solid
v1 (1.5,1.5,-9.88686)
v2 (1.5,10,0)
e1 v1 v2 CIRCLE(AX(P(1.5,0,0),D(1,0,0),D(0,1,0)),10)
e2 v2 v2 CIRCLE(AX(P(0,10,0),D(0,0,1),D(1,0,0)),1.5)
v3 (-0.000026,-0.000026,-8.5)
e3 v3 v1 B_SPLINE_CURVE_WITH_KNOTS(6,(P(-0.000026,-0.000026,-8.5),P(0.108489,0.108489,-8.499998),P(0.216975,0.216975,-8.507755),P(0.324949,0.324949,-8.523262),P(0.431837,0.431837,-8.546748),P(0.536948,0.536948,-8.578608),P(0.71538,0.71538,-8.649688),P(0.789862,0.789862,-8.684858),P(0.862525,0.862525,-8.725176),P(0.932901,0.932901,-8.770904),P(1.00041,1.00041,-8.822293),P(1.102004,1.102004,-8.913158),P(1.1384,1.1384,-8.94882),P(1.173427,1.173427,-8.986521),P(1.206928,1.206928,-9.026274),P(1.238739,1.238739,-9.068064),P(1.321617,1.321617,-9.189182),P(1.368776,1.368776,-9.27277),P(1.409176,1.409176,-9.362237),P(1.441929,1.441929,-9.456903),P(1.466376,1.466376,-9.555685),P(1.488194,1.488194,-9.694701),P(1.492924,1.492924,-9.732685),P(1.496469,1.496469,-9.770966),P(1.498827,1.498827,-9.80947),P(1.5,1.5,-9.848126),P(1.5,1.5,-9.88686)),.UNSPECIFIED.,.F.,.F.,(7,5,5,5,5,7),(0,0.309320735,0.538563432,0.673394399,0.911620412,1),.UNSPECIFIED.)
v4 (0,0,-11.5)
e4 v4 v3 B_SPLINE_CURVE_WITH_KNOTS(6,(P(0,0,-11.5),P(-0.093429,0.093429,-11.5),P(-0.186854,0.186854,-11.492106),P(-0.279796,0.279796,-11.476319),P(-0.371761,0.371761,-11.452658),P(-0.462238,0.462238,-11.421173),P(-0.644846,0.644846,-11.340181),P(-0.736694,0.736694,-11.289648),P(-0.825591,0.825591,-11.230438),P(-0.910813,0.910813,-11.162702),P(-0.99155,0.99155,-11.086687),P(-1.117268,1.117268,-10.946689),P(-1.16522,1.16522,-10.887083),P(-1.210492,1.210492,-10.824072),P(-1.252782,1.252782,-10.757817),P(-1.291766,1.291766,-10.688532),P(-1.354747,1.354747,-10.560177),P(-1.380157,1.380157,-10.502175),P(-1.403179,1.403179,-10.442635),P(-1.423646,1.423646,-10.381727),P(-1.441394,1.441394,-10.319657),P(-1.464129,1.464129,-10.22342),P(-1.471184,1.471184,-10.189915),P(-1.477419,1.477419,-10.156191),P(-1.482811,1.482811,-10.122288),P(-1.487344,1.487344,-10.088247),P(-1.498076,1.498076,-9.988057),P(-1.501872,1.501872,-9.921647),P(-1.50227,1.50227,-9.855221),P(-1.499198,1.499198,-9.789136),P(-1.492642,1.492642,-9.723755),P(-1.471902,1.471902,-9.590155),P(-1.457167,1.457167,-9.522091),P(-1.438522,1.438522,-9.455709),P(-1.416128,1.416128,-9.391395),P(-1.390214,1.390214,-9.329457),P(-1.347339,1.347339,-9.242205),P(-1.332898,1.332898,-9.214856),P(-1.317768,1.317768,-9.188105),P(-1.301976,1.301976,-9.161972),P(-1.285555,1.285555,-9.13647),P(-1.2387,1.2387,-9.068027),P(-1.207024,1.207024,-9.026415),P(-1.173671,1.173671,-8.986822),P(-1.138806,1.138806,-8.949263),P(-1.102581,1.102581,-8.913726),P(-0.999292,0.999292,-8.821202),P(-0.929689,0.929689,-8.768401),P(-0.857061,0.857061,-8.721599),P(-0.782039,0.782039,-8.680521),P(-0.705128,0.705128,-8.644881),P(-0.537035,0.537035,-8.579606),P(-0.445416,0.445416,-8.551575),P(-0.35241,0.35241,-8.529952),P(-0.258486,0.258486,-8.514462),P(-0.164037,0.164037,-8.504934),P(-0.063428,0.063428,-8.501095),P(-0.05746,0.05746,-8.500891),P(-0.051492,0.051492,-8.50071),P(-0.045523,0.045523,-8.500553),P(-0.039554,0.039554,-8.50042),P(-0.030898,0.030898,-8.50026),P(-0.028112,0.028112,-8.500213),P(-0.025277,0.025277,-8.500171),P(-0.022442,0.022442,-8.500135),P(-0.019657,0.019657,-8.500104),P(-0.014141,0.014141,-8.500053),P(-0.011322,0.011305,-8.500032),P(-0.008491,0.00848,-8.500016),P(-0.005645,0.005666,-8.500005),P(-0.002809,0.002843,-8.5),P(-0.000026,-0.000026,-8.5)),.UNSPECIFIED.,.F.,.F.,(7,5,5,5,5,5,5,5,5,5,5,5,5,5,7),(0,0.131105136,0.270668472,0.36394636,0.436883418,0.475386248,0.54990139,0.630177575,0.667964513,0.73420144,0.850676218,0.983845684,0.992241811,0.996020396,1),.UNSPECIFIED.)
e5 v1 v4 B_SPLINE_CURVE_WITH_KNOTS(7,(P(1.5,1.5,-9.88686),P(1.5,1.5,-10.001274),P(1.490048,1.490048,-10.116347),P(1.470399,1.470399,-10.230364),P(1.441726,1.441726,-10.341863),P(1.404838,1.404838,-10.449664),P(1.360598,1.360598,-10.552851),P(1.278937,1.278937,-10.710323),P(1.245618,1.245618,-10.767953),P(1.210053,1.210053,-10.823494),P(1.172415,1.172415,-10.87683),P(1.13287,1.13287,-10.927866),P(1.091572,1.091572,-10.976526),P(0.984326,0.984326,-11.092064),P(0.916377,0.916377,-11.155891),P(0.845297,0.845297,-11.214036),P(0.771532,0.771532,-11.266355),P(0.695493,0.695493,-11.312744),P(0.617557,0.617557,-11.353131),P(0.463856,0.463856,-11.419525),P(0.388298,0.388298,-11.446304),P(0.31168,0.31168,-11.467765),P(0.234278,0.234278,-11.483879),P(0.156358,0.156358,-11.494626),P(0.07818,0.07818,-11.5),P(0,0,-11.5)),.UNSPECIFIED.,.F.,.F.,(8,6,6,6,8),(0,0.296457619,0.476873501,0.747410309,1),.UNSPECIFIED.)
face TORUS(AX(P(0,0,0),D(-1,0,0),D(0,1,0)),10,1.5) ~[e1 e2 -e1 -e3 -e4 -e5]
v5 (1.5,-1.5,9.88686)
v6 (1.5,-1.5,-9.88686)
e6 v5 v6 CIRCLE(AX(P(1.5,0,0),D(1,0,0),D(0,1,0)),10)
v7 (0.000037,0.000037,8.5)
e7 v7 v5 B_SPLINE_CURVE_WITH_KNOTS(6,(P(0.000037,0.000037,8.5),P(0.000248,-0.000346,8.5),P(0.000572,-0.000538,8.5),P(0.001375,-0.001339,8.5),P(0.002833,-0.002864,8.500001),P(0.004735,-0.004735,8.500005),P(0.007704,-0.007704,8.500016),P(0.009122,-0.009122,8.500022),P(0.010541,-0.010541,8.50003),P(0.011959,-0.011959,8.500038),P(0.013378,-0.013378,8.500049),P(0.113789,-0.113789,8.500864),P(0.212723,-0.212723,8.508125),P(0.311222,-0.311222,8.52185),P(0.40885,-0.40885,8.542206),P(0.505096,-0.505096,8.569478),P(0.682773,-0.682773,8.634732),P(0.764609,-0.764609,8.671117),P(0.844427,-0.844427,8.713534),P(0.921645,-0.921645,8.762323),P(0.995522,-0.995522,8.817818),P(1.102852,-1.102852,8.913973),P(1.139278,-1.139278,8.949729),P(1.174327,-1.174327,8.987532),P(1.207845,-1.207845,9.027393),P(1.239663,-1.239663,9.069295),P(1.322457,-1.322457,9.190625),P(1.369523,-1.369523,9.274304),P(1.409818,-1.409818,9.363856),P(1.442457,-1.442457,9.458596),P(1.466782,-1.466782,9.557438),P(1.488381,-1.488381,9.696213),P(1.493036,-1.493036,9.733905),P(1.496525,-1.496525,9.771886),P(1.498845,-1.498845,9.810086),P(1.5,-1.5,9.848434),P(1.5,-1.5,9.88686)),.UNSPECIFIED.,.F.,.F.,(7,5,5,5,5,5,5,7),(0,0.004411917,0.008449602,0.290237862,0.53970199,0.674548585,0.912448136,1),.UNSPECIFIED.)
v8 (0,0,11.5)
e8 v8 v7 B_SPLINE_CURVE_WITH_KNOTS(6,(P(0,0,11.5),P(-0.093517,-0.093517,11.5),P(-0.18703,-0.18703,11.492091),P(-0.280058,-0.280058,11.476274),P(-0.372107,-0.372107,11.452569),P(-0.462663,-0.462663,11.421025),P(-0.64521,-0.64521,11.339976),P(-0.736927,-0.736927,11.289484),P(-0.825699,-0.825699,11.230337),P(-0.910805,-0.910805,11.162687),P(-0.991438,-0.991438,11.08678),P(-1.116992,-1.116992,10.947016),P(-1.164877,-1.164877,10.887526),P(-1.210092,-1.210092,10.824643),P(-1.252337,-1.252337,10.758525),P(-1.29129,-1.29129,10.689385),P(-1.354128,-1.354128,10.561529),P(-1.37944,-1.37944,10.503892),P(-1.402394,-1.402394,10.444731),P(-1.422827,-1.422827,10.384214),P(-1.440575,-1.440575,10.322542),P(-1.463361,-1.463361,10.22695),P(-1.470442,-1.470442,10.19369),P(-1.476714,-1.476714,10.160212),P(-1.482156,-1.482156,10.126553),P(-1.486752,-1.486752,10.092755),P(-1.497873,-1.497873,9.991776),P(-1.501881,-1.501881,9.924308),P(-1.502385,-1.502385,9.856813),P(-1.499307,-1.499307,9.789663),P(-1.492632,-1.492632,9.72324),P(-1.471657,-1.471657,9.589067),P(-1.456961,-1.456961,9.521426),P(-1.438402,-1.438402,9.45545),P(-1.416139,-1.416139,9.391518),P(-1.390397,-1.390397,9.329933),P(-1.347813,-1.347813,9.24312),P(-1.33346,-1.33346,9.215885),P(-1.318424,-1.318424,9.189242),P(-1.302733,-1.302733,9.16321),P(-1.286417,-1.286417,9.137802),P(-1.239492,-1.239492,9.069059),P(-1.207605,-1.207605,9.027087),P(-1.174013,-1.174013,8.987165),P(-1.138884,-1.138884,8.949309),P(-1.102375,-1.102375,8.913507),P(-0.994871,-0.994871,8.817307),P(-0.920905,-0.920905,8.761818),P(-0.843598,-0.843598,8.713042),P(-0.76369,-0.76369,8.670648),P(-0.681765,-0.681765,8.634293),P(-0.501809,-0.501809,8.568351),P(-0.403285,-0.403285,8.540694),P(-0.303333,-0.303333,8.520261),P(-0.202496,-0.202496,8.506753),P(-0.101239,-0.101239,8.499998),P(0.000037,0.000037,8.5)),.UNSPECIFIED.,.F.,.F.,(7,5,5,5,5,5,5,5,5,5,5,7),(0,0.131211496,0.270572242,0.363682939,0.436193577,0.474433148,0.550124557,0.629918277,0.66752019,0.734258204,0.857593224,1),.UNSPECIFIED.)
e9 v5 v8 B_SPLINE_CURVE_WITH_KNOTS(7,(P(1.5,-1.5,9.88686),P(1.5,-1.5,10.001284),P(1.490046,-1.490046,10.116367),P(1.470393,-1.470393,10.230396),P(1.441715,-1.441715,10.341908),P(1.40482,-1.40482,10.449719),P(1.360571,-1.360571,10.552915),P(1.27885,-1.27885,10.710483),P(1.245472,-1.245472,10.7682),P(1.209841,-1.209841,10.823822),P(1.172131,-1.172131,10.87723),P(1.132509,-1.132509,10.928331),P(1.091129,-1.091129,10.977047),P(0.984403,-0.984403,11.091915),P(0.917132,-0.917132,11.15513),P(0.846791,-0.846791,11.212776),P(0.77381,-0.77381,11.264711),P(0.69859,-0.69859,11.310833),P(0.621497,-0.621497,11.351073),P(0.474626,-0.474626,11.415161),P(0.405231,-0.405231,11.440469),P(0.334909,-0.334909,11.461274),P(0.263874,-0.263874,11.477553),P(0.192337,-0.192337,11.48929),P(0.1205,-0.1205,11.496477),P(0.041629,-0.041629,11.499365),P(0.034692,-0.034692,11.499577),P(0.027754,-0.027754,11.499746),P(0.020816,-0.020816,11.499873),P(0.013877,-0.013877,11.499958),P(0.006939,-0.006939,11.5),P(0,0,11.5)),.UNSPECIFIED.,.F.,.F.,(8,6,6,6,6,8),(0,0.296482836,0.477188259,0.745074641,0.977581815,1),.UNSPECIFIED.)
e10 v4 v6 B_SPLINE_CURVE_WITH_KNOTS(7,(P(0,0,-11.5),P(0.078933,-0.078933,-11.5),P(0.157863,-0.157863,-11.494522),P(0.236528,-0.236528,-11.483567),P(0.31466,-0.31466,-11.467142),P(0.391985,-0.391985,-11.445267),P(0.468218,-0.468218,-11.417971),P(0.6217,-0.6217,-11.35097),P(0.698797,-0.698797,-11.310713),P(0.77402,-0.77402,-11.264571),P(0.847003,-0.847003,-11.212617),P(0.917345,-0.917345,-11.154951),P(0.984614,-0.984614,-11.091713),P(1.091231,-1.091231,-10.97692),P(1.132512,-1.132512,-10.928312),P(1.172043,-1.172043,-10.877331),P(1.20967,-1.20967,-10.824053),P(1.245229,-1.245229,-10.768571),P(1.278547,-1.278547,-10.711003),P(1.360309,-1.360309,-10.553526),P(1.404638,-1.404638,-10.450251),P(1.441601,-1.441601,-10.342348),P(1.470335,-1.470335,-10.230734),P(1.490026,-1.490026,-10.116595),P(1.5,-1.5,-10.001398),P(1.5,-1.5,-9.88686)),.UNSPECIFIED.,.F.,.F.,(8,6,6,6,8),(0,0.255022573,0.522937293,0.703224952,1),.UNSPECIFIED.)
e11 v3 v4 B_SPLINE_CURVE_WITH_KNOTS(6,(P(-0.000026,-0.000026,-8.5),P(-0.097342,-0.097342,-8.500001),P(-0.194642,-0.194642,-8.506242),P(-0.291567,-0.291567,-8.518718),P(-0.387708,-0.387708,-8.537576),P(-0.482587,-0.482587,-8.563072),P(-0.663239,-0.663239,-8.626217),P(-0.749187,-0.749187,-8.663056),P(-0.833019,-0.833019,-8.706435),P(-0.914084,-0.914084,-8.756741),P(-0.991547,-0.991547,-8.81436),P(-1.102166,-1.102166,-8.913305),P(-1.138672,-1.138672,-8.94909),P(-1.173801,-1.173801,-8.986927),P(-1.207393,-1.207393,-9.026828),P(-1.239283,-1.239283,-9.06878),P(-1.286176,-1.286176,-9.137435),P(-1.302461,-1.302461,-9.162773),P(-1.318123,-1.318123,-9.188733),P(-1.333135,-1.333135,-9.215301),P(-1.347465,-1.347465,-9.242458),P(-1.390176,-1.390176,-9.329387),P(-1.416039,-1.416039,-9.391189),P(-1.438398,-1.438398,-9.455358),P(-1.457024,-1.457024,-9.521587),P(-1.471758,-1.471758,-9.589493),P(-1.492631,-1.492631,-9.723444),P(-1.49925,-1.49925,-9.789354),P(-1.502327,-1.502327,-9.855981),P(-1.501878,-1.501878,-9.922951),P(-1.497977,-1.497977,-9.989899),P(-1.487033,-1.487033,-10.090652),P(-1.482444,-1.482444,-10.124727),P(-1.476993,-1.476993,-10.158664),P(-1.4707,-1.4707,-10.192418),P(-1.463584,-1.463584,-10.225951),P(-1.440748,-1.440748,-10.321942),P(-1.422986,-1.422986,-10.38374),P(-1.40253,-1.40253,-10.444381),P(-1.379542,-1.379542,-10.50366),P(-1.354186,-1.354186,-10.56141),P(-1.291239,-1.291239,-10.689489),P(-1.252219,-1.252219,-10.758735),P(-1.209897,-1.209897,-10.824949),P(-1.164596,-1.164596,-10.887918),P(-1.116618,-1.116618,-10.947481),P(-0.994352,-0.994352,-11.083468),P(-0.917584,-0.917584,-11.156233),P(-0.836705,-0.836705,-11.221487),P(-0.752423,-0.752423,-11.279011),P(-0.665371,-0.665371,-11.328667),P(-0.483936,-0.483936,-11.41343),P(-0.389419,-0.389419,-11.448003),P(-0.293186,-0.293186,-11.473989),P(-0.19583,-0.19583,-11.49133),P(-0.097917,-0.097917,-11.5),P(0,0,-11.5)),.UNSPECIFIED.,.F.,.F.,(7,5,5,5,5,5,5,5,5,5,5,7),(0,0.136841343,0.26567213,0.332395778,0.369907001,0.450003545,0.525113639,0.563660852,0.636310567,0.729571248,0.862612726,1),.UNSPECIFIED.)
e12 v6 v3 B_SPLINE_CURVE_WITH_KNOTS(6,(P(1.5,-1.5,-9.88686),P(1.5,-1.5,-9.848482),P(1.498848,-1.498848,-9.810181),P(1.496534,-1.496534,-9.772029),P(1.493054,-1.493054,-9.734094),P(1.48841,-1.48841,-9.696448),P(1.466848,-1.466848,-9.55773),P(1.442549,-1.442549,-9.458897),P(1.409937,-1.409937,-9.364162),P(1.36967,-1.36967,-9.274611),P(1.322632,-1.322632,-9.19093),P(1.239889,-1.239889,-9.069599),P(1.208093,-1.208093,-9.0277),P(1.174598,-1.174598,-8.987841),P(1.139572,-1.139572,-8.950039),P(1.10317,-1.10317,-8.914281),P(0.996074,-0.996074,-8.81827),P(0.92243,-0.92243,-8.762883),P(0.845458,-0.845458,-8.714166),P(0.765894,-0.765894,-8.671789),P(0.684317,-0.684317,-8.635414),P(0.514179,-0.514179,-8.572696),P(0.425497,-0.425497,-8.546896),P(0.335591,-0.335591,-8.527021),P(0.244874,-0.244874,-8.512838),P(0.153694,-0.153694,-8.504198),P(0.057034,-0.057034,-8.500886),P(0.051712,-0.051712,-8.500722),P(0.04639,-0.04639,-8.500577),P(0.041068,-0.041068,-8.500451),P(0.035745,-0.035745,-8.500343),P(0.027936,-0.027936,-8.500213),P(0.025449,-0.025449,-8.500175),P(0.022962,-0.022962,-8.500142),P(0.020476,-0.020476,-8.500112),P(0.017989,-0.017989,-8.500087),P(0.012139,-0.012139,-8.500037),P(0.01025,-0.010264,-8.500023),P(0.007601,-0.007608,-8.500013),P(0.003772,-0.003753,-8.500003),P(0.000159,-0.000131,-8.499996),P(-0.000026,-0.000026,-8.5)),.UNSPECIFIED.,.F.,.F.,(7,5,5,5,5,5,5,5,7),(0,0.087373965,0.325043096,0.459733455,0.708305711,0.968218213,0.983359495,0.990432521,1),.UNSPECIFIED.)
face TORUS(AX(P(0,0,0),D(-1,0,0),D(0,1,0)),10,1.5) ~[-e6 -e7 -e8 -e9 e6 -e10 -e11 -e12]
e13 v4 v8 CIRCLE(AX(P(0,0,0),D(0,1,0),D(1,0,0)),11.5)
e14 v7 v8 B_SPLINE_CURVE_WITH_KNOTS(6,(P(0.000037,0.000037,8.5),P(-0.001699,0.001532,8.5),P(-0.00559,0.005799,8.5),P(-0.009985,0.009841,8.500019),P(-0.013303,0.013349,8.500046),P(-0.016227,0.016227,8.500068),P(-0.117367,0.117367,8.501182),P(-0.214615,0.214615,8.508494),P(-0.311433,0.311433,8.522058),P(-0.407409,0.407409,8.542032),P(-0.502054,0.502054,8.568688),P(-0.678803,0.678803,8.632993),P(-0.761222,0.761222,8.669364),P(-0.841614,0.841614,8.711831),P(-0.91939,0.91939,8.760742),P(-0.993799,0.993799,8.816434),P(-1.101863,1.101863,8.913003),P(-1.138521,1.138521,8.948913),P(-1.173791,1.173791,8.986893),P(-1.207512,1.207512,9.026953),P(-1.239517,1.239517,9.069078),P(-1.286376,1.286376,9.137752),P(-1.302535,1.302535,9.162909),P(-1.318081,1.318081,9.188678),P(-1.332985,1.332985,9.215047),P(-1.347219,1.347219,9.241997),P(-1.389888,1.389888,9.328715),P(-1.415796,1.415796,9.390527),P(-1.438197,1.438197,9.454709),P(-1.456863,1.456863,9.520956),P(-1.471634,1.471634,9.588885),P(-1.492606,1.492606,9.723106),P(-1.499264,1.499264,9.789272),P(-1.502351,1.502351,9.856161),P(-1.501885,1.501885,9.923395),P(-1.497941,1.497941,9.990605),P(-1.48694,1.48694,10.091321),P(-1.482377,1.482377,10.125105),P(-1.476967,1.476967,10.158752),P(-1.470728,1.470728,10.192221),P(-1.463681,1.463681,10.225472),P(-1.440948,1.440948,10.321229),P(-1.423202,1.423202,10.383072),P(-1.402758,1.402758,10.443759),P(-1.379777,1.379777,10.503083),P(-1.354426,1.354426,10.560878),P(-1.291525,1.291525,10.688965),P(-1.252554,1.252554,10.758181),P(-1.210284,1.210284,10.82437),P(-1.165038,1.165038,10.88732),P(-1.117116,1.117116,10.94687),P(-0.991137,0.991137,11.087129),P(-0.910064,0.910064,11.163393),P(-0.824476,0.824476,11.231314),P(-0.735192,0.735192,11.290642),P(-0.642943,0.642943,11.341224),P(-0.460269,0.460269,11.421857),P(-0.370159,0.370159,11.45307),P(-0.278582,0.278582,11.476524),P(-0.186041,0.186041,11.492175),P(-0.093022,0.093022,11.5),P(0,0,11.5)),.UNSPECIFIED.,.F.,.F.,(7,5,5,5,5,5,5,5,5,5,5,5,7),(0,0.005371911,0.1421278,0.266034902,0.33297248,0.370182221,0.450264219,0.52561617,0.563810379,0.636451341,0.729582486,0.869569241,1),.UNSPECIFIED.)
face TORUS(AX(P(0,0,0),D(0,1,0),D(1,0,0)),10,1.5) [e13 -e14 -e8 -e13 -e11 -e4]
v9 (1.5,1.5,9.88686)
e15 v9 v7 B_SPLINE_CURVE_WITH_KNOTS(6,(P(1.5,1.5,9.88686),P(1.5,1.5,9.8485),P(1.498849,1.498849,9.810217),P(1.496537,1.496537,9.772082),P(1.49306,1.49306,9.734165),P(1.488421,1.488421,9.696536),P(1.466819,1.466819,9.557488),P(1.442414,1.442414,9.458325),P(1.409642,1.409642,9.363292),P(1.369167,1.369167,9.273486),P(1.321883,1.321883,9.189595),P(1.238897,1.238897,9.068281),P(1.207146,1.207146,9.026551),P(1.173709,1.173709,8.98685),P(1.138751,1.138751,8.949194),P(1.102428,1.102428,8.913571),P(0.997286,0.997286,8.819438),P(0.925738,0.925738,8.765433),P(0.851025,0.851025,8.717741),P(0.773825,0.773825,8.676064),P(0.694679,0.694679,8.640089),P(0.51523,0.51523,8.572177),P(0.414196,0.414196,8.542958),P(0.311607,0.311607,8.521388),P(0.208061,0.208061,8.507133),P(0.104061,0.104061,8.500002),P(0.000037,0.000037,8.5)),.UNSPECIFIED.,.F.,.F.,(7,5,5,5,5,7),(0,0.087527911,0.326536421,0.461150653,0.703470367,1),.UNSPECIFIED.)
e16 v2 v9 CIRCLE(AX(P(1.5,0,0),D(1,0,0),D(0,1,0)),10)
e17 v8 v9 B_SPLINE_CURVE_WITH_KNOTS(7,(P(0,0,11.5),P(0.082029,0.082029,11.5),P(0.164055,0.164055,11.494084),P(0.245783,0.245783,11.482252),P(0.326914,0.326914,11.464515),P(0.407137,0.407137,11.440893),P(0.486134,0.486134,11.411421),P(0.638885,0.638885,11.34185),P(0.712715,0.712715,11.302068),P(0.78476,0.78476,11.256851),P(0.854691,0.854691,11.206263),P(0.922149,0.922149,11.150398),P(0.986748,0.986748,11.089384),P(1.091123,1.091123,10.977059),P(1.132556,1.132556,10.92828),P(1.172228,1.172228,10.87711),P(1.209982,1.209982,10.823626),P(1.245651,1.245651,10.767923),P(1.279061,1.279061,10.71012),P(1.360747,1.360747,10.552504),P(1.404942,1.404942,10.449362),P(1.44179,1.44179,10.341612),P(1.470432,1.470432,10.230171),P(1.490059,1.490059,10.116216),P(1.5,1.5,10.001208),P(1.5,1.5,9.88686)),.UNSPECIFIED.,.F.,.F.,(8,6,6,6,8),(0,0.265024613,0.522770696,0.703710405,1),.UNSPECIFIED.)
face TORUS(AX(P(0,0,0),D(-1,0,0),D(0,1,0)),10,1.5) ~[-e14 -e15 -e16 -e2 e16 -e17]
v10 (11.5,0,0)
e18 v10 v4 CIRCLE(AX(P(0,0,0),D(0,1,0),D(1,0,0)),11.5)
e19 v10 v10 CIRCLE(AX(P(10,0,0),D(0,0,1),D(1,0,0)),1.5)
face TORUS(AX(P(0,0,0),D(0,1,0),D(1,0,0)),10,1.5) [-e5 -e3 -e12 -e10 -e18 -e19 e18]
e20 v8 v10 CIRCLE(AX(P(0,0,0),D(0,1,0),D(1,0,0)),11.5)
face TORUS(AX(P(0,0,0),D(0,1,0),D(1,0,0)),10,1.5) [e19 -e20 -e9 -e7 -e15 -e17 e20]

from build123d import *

# Parameters (mm, degrees)
F0_R = 1.5


with BuildPart() as f1:
    # F0 (on Top) → F1 (revolve)
    with BuildSketch(Plane.XY):
        with Locations((10, 0)):
            Circle(F0_R)
    revolve(axis=Axis((0, 5, 0), (0, 1, 0)))

    # F0 (on Top) → F2 (revolve)
    with BuildSketch(Plane.XY):
        with Locations((10, 0)):
            Circle(F0_R)
    revolve(axis=Axis((0, 5, 0), (0, 1, 0)))

    # F0 (on Top) → F3 (revolve)
    with BuildSketch(Plane.XY):
        with Locations((0, 10)):
            Circle(F0_R)
    revolve(axis=Axis((5, 0, 0), (1, 0, 0)))


solid = f1.part
